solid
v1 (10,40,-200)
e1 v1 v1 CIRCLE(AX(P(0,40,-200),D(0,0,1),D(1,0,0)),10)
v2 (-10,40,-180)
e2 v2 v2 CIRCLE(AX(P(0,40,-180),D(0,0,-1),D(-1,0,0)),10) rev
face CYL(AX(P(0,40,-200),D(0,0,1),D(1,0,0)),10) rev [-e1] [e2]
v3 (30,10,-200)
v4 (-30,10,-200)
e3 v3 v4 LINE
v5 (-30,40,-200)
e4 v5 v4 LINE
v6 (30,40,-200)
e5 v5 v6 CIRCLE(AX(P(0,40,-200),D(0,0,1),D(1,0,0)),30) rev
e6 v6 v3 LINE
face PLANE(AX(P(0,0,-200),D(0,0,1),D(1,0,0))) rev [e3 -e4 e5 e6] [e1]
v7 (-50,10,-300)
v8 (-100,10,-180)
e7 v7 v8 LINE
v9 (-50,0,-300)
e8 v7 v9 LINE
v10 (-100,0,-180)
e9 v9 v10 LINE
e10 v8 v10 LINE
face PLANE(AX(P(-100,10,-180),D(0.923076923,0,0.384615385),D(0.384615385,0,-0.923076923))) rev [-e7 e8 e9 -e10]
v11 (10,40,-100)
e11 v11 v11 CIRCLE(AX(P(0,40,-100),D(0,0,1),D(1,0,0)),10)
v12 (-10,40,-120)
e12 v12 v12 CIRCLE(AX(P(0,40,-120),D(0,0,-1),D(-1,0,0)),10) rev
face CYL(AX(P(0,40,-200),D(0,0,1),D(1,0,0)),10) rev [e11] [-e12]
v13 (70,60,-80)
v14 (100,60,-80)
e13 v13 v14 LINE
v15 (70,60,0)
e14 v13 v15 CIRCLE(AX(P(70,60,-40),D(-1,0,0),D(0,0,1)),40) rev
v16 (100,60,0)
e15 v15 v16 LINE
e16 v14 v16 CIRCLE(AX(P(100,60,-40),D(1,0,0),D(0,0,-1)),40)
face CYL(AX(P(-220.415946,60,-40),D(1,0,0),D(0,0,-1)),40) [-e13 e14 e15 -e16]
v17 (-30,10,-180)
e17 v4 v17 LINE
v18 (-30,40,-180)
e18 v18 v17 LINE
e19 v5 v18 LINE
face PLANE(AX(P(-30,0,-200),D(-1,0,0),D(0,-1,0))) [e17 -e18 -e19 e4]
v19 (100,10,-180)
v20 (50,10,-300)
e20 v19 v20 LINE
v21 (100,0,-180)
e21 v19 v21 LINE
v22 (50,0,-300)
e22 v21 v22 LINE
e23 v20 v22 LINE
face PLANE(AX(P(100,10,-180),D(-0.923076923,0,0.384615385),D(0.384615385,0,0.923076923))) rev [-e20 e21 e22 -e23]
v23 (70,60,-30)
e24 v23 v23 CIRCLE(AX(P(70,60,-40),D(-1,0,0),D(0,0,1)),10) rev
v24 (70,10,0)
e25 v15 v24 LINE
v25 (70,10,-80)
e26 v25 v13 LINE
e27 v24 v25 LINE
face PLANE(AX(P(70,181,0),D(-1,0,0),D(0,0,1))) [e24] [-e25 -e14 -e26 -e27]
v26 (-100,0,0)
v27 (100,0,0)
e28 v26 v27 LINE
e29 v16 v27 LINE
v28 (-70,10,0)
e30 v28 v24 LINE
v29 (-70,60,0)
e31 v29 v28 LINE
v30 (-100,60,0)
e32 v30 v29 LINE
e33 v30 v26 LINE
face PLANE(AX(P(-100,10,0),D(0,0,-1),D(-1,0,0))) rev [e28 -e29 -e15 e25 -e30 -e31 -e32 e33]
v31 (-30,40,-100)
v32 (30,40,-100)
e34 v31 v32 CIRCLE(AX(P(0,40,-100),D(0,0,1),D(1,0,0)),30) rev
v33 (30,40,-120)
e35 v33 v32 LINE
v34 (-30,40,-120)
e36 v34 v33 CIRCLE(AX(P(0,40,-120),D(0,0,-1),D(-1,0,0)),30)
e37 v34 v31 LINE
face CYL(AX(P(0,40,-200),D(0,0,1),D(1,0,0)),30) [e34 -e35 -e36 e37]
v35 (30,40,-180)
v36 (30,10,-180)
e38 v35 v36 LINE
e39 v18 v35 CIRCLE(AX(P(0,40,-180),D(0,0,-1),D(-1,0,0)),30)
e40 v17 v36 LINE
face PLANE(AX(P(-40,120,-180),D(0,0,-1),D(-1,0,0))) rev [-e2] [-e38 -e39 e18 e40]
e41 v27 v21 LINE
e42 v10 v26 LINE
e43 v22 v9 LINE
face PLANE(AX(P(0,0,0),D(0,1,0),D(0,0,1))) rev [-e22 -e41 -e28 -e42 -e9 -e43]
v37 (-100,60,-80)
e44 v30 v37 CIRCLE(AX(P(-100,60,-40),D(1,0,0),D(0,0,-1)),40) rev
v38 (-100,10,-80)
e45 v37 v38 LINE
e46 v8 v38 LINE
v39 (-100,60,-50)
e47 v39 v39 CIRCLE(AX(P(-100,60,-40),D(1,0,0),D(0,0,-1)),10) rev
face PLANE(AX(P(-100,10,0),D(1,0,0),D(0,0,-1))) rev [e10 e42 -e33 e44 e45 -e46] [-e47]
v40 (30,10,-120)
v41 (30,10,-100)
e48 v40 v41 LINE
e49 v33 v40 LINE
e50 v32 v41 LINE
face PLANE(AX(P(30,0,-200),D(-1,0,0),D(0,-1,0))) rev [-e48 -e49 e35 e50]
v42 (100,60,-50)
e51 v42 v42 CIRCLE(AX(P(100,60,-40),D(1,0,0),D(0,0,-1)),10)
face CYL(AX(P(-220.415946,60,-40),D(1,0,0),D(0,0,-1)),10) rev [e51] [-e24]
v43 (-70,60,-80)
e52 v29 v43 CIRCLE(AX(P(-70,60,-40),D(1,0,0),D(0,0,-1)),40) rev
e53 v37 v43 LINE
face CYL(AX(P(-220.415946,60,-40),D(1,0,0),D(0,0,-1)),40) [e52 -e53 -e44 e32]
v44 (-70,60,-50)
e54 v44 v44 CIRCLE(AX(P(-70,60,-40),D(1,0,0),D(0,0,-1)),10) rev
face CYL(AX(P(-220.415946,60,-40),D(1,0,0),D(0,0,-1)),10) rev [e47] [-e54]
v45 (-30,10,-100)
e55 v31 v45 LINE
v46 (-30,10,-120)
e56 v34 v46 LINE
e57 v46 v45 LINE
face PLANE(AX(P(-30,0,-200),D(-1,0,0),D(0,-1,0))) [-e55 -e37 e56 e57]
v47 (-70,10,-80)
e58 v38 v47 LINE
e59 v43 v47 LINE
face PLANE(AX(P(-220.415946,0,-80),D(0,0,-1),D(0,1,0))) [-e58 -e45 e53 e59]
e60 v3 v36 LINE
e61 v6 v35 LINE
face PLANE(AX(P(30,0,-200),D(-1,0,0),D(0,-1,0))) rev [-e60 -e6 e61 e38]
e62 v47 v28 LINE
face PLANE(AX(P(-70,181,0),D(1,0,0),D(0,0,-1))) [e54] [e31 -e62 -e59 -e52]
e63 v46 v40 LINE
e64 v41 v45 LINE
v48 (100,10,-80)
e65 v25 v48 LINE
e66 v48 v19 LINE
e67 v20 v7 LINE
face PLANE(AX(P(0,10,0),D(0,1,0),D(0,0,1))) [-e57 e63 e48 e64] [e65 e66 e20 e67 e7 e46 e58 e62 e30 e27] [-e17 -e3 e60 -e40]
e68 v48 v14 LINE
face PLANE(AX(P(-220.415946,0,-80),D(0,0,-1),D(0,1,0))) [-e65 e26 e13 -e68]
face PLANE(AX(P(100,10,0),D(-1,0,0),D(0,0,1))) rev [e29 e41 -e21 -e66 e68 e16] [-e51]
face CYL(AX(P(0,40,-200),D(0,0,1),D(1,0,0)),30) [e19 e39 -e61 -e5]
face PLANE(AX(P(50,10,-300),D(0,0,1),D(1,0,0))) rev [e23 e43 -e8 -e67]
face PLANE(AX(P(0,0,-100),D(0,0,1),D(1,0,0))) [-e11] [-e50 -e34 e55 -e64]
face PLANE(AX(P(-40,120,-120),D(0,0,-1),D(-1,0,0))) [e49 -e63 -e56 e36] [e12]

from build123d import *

# Parameters (mm, degrees)
EXTRUDE_1_DEPTH     = 10
EXTRUDE_2_DEPTH     = 200
SKETCH_3_W          = 140
SKETCH_3_H          = 100
CUT_EXTRUDE_1_DEPTH = 171
EXTRUDE_START       = -100
EXTRUDE_3_DEPTH     = 100
SKETCH_5_W          = 80
SKETCH_5_H          = 60
CUT_EXTRUDE_2_DEPTH = 110


with BuildPart() as part:
    # 草图1 → 凸台-拉伸1 (new body)
    with BuildSketch(Plane(origin=(0, 0, 0), x_dir=(1, 0, 0), z_dir=(0, 1, 0))):
        Polygon((-100, 0), (100, 0), (100, 180), (50, 300), (-50, 300), (-100, 180), align=None)
    extrude(amount=EXTRUDE_1_DEPTH)

    # 草图2 → 凸台-拉伸2 (add)
    with BuildSketch(Plane(origin=(100, 0, 0), x_dir=(0, 0, -1), z_dir=(1, 0, 0))):
        with BuildLine():
            ThreePointArc((80, 60), (68.284271247, 88.284271247), (40, 100))
            Line((40, 100), (40, 70))
            ThreePointArc((40, 70), (47.071067812, 67.071067812), (50, 60))
            ThreePointArc((50, 60), (47.071067812, 52.928932188), (40, 50))
            Line((40, 50), (40, 10))
            Line((40, 10), (80, 10))
            Line((80, 10), (80, 60))
        make_face()
        with BuildLine():
            Line((40, 70), (40, 100))
            ThreePointArc((40, 100), (11.715728753, 88.284271247), (0, 60))
            Line((0, 60), (0, 10))
            Line((0, 10), (40, 10))
            Line((40, 10), (40, 50))
            ThreePointArc((40, 50), (30, 60), (40, 70))
        make_face()
    extrude(amount=-EXTRUDE_2_DEPTH)

    # 草图3 → 切除-拉伸1 (cut)
    with BuildSketch(Plane(origin=(0, 10, 0), x_dir=(1, 0, 0), z_dir=(0, 1, 0))):
        with Locations((0, 50)):
            Rectangle(SKETCH_3_W, SKETCH_3_H)
    extrude(amount=CUT_EXTRUDE_1_DEPTH, mode=Mode.SUBTRACT)

    # 草图4 → 凸台-拉伸3 (add)
    with BuildSketch(Plane.XY.offset(EXTRUDE_START)):
        with BuildLine():
            Line((0, 30), (0, 10))
            Line((0, 10), (30, 10))
            Line((30, 10), (30, 40))
            ThreePointArc((30, 40), (21.213203436, 61.213203436), (0, 70))
            Line((0, 70), (0, 50))
            ThreePointArc((0, 50), (7.071067812, 47.071067812), (10, 40))
            ThreePointArc((10, 40), (7.071067812, 32.928932188), (0, 30))
        make_face()
        with BuildLine():
            Line((-30, 10), (0, 10))
            Line((0, 10), (0, 30))
            ThreePointArc((0, 30), (-10, 40), (0, 50))
            Line((0, 50), (0, 70))
            ThreePointArc((0, 70), (-21.213203436, 61.213203436), (-30, 40))
            Line((-30, 40), (-30, 10))
        make_face()
    extrude(amount=-EXTRUDE_3_DEPTH)

    # 草图5 → 切除-拉伸2 (cut)
    with BuildSketch(Plane(origin=(0, 10, 0), x_dir=(1, 0, 0), z_dir=(0, 1, 0))):
        with Locations((0, 150)):
            Rectangle(SKETCH_5_W, SKETCH_5_H)
    extrude(amount=CUT_EXTRUDE_2_DEPTH, mode=Mode.SUBTRACT)


solid = part.part
